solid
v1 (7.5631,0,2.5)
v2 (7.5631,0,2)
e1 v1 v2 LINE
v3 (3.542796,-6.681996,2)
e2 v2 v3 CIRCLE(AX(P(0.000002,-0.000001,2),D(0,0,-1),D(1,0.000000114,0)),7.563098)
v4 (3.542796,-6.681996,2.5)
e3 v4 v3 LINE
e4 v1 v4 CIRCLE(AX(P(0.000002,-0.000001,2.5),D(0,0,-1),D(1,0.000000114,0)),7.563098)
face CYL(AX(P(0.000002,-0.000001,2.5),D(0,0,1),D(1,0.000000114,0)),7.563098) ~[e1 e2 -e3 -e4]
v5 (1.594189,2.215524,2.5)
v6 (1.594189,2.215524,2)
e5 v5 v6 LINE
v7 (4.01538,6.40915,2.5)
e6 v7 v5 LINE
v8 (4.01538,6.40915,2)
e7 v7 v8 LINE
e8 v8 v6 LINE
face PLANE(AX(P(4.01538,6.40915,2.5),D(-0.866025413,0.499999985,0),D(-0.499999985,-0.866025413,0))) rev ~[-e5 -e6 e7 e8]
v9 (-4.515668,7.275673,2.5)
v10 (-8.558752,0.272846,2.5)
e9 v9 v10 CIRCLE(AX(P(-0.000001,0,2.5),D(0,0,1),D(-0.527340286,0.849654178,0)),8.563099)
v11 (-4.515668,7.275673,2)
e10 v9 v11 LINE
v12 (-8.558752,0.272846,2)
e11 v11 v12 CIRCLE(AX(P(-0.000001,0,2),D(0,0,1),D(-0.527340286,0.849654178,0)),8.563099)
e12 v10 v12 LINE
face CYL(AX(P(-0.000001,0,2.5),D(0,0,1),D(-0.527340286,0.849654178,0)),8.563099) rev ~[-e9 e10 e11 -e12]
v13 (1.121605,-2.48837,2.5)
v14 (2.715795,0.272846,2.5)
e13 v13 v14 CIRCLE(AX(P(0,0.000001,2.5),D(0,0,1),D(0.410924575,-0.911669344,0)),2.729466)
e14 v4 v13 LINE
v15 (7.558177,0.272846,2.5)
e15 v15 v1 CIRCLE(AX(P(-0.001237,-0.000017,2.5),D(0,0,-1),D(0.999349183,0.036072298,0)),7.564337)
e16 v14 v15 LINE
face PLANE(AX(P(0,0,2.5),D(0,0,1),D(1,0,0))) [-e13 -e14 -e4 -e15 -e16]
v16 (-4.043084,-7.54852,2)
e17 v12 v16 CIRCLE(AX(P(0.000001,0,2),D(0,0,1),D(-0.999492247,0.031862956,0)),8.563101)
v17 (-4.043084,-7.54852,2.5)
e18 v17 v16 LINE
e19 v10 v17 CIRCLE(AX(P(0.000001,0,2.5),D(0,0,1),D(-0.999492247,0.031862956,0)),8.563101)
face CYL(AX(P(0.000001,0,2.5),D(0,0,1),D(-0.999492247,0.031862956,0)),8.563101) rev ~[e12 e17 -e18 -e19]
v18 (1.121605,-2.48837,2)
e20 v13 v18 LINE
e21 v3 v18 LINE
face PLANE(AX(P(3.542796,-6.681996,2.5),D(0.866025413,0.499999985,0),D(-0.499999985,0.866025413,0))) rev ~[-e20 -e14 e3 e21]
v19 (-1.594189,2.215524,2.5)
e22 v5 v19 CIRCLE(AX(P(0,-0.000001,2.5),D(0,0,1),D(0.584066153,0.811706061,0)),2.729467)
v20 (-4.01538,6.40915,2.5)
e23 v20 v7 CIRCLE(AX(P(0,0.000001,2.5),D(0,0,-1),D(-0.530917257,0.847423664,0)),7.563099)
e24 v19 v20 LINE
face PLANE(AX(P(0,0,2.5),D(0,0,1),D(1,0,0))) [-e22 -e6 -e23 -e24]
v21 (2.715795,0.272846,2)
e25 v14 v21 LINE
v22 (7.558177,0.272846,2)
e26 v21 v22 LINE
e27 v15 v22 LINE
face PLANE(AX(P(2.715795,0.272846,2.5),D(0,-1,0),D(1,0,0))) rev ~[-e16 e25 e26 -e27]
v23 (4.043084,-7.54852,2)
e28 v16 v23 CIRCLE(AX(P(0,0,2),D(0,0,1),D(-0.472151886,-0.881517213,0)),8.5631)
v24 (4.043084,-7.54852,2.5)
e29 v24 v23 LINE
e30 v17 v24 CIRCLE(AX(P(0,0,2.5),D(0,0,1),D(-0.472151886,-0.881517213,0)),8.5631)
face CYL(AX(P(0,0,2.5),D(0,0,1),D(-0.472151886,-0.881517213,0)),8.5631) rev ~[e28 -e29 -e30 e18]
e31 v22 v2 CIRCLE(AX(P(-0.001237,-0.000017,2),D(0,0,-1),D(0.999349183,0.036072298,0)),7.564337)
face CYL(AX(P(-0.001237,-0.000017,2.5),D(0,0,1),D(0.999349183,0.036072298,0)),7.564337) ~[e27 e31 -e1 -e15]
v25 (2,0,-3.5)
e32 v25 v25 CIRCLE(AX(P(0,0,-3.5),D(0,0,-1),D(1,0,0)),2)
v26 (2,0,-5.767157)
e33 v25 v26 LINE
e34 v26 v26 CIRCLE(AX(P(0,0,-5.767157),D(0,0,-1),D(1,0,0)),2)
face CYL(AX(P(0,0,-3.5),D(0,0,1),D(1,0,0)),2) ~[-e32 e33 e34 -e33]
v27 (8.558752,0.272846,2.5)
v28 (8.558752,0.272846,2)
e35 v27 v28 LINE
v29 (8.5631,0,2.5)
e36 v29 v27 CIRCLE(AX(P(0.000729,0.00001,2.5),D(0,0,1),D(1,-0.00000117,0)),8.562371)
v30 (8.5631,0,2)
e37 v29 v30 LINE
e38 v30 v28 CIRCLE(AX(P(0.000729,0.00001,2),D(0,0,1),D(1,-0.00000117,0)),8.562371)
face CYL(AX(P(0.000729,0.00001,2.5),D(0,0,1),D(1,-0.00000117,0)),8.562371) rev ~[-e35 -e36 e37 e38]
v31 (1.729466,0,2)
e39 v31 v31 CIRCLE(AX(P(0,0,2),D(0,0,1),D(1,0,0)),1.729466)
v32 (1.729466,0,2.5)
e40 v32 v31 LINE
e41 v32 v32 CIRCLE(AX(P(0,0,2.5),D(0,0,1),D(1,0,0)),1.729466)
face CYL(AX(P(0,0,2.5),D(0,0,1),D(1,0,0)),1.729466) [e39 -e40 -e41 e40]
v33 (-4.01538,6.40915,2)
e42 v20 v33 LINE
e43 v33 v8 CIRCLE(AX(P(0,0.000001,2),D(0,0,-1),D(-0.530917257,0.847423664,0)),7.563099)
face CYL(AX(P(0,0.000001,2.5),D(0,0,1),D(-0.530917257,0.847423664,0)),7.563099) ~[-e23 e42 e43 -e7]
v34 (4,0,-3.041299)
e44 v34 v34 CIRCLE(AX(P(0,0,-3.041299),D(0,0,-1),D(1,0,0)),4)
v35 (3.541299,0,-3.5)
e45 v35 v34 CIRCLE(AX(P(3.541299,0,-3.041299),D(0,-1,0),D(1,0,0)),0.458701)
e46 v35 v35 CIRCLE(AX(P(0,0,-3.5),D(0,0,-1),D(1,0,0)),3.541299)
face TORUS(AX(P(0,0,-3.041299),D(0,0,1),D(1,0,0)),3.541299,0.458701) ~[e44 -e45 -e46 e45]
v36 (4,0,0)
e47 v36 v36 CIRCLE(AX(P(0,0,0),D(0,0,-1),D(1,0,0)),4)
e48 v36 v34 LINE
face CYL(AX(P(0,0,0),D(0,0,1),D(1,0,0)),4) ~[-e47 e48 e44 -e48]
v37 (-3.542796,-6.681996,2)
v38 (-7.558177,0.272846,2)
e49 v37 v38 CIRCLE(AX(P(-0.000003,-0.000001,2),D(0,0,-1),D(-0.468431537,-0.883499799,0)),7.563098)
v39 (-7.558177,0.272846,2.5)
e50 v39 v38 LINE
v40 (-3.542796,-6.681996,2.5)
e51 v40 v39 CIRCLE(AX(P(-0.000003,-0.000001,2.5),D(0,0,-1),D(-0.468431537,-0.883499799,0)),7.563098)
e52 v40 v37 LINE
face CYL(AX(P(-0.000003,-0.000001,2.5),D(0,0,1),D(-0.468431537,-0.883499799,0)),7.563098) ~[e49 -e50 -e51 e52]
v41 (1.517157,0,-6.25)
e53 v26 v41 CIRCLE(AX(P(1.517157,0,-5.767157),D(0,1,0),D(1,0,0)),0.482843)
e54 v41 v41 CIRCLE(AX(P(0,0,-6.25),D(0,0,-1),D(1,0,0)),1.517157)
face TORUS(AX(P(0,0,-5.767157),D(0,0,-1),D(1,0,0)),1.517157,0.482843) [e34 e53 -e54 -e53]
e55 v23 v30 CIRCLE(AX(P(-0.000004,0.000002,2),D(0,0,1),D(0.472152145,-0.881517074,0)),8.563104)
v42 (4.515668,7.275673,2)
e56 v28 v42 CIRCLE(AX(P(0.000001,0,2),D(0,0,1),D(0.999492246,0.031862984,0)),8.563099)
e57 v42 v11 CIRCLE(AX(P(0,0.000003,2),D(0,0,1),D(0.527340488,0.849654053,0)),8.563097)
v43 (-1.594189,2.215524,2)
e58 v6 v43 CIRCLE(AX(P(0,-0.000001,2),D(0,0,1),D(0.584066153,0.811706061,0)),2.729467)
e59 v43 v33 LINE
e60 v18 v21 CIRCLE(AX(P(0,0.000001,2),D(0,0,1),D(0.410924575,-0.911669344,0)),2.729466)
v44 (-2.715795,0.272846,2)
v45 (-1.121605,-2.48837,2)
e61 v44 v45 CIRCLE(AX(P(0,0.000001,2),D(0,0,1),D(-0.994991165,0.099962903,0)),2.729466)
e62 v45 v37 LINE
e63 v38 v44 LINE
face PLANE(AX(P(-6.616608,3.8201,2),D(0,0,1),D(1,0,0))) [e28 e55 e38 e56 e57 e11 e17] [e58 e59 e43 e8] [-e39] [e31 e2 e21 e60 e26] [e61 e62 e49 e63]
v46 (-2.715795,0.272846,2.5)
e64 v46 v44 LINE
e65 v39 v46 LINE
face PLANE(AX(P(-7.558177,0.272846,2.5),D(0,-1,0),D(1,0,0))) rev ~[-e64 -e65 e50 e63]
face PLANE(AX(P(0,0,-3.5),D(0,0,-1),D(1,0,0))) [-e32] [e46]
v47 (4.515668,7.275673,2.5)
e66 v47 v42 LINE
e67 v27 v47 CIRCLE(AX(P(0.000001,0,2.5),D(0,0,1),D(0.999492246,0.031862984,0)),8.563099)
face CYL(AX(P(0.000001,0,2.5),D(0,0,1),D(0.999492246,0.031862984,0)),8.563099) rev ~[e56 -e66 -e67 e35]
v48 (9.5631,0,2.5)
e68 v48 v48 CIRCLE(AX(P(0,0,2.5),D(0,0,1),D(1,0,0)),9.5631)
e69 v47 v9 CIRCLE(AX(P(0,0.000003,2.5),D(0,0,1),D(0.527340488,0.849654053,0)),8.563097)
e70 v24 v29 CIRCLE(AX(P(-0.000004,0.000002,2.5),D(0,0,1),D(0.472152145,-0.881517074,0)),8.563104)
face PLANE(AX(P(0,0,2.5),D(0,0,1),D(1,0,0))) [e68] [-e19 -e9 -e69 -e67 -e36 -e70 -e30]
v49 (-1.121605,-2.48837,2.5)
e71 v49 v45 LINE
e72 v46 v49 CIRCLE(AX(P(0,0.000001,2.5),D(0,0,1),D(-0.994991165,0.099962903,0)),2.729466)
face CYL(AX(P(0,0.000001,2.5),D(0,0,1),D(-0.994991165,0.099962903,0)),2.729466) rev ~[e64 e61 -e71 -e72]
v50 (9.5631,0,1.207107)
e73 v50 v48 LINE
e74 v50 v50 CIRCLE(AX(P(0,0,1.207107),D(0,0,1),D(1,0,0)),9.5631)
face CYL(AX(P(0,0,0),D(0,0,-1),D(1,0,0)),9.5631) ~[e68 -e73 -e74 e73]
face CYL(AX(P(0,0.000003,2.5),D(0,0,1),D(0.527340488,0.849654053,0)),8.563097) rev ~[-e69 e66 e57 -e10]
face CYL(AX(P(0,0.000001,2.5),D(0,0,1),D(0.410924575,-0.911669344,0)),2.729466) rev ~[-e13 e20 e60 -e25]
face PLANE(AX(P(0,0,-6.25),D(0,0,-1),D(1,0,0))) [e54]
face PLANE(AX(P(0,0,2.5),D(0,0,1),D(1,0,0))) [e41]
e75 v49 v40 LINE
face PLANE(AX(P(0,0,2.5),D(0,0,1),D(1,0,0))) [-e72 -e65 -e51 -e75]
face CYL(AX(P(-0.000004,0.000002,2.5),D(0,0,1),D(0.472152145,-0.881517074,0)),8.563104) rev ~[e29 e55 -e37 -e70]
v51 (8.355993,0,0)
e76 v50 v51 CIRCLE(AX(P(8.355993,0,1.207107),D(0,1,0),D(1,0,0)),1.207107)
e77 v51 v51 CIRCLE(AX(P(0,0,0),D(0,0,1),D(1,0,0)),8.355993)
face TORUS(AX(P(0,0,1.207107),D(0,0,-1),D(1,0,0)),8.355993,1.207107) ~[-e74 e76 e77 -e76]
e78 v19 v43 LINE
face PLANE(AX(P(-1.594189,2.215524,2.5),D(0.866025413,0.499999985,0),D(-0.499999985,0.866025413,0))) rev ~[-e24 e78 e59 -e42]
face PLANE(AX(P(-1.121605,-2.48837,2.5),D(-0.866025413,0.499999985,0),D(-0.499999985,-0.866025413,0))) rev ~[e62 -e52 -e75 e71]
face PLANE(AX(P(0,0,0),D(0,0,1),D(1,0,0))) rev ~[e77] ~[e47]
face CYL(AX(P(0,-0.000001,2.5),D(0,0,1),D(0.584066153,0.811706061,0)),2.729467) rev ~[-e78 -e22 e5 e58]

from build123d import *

# Parameters (mm, degrees)
F0_R     = 9.5631
F1_DEPTH = 2.5
F2_R     = 1.729466
F3_DEPTH = 0.5
F4_R     = 4
F5_DEPTH = 3.5
F6_R     = 1.207107
F7_R     = 2
F8_DEPTH = 2.75
F9_R     = 0.482843
F10_R    = 0.458701


with BuildPart() as f1:
    # F0 (on Top) → F1 (new body)
    with BuildSketch(Plane.XY):
        Circle(F0_R)
    extrude(amount=F1_DEPTH)

    # F2 (on face) → F3 (cut)
    with BuildSketch(Plane.XY.offset(2.5)):
        with BuildLine():
            ThreePointArc((-7.558177, 0.272846), (-6.549837, 3.78155), (-4.01538, 6.40915))
            Line((-4.01538, 6.40915), (-4.515668, 7.275673))
            ThreePointArc((-4.515668, 7.275673), (-7.415862, 4.28155), (-8.558752, 0.272846))
            Line((-8.558752, 0.272846), (-7.558177, 0.272846))
        make_face()
        with BuildLine():
            ThreePointArc((-4.01538, 6.40915), (0, 7.5631), (4.01538, 6.40915))
            Line((4.01538, 6.40915), (4.515668, 7.275673))
            ThreePointArc((4.515668, 7.275673), (0, 8.5631), (-4.515668, 7.275673))
            Line((-4.515668, 7.275673), (-4.01538, 6.40915))
        make_face()
        with BuildLine():
            Line((4.515668, 7.275673), (4.01538, 6.40915))
            ThreePointArc((4.01538, 6.40915), (6.549837, 3.78155), (7.558177, 0.272846))
            Line((7.558177, 0.272846), (8.558752, 0.272846))
            ThreePointArc((8.558752, 0.272846), (7.415862, 4.28155), (4.515668, 7.275673))
        make_face()
        with BuildLine():
            Line((8.558752, 0.272846), (7.558177, 0.272846))
            ThreePointArc((7.558177, 0.272846), (7.561869, 0.136445), (7.5631, 0))
            ThreePointArc((7.5631, 0), (6.480548, -3.8991), (3.542796, -6.681996))
            Line((3.542796, -6.681996), (4.043084, -7.54852))
            ThreePointArc((4.043084, -7.54852), (7.3467, -4.399167), (8.5631, 0))
            ThreePointArc((8.5631, 0), (8.562013, 0.136441), (8.558752, 0.272846))
        make_face()
        with BuildLine():
            ThreePointArc((3.542796, -6.681996), (0, -7.5631), (-3.542796, -6.681996))
            Line((-3.542796, -6.681996), (-4.043084, -7.54852))
            ThreePointArc((-4.043084, -7.54852), (0, -8.5631), (4.043084, -7.54852))
            Line((4.043084, -7.54852), (3.542796, -6.681996))
        make_face()
        with BuildLine():
            ThreePointArc((-3.542796, -6.681996), (-6.549837, -3.78155), (-7.558177, 0.272846))
            Line((-7.558177, 0.272846), (-8.558752, 0.272846))
            ThreePointArc((-8.558752, 0.272846), (-7.415862, -4.28155), (-4.043084, -7.54852))
            Line((-4.043084, -7.54852), (-3.542796, -6.681996))
        make_face()
        with BuildLine():
            Line((4.01538, 6.40915), (1.594189, 2.215524))
            ThreePointArc((1.594189, 2.215524), (0, 2.729466), (-1.594189, 2.215524))
            Line((-1.594189, 2.215524), (-4.01538, 6.40915))
            ThreePointArc((-4.01538, 6.40915), (-6.549837, 3.78155), (-7.558177, 0.272846))
            Line((-7.558177, 0.272846), (-2.715795, 0.272846))
            ThreePointArc((-2.715795, 0.272846), (-2.363787, -1.364733), (-1.121605, -2.48837))
            Line((-1.121605, -2.48837), (-3.542796, -6.681996))
            ThreePointArc((-3.542796, -6.681996), (0, -7.5631), (3.542796, -6.681996))
            Line((3.542796, -6.681996), (1.121605, -2.48837))
            ThreePointArc((1.121605, -2.48837), (2.363787, -1.364733), (2.715795, 0.272846))
            Line((2.715795, 0.272846), (7.558177, 0.272846))
            ThreePointArc((7.558177, 0.272846), (6.549837, 3.78155), (4.01538, 6.40915))
        make_face()
        Circle(F2_R, mode=Mode.SUBTRACT)
    extrude(amount=-F3_DEPTH, mode=Mode.SUBTRACT)

    # F4 (on face) → F5 (join)
    with BuildSketch(Plane(origin=(0, 0, 0), x_dir=(1, 0, 0), z_dir=(0, 0, -1))):
        Circle(F4_R)
    extrude(amount=F5_DEPTH)

    # F6
    f6_edges = [f1.edges().sort_by_distance(p)[0] for p in [
        (-9.5631, 0, 0),
    ]]
    fillet(f6_edges, radius=F6_R)

    # F7 (on face) → F8 (join)
    with BuildSketch(Plane(origin=(0, 0, -3.5), x_dir=(1, 0, 0), z_dir=(0, 0, -1))):
        Circle(F7_R)
    extrude(amount=F8_DEPTH)

    # F9
    f9_edges = [f1.edges().sort_by_distance(p)[0] for p in [
        (-2, 0, -6.25),
    ]]
    fillet(f9_edges, radius=F9_R)

    # F10
    f10_edges = [f1.edges().sort_by_distance(p)[0] for p in [
        (-4, 0, -3.5),
    ]]
    fillet(f10_edges, radius=F10_R)


solid = f1.part
